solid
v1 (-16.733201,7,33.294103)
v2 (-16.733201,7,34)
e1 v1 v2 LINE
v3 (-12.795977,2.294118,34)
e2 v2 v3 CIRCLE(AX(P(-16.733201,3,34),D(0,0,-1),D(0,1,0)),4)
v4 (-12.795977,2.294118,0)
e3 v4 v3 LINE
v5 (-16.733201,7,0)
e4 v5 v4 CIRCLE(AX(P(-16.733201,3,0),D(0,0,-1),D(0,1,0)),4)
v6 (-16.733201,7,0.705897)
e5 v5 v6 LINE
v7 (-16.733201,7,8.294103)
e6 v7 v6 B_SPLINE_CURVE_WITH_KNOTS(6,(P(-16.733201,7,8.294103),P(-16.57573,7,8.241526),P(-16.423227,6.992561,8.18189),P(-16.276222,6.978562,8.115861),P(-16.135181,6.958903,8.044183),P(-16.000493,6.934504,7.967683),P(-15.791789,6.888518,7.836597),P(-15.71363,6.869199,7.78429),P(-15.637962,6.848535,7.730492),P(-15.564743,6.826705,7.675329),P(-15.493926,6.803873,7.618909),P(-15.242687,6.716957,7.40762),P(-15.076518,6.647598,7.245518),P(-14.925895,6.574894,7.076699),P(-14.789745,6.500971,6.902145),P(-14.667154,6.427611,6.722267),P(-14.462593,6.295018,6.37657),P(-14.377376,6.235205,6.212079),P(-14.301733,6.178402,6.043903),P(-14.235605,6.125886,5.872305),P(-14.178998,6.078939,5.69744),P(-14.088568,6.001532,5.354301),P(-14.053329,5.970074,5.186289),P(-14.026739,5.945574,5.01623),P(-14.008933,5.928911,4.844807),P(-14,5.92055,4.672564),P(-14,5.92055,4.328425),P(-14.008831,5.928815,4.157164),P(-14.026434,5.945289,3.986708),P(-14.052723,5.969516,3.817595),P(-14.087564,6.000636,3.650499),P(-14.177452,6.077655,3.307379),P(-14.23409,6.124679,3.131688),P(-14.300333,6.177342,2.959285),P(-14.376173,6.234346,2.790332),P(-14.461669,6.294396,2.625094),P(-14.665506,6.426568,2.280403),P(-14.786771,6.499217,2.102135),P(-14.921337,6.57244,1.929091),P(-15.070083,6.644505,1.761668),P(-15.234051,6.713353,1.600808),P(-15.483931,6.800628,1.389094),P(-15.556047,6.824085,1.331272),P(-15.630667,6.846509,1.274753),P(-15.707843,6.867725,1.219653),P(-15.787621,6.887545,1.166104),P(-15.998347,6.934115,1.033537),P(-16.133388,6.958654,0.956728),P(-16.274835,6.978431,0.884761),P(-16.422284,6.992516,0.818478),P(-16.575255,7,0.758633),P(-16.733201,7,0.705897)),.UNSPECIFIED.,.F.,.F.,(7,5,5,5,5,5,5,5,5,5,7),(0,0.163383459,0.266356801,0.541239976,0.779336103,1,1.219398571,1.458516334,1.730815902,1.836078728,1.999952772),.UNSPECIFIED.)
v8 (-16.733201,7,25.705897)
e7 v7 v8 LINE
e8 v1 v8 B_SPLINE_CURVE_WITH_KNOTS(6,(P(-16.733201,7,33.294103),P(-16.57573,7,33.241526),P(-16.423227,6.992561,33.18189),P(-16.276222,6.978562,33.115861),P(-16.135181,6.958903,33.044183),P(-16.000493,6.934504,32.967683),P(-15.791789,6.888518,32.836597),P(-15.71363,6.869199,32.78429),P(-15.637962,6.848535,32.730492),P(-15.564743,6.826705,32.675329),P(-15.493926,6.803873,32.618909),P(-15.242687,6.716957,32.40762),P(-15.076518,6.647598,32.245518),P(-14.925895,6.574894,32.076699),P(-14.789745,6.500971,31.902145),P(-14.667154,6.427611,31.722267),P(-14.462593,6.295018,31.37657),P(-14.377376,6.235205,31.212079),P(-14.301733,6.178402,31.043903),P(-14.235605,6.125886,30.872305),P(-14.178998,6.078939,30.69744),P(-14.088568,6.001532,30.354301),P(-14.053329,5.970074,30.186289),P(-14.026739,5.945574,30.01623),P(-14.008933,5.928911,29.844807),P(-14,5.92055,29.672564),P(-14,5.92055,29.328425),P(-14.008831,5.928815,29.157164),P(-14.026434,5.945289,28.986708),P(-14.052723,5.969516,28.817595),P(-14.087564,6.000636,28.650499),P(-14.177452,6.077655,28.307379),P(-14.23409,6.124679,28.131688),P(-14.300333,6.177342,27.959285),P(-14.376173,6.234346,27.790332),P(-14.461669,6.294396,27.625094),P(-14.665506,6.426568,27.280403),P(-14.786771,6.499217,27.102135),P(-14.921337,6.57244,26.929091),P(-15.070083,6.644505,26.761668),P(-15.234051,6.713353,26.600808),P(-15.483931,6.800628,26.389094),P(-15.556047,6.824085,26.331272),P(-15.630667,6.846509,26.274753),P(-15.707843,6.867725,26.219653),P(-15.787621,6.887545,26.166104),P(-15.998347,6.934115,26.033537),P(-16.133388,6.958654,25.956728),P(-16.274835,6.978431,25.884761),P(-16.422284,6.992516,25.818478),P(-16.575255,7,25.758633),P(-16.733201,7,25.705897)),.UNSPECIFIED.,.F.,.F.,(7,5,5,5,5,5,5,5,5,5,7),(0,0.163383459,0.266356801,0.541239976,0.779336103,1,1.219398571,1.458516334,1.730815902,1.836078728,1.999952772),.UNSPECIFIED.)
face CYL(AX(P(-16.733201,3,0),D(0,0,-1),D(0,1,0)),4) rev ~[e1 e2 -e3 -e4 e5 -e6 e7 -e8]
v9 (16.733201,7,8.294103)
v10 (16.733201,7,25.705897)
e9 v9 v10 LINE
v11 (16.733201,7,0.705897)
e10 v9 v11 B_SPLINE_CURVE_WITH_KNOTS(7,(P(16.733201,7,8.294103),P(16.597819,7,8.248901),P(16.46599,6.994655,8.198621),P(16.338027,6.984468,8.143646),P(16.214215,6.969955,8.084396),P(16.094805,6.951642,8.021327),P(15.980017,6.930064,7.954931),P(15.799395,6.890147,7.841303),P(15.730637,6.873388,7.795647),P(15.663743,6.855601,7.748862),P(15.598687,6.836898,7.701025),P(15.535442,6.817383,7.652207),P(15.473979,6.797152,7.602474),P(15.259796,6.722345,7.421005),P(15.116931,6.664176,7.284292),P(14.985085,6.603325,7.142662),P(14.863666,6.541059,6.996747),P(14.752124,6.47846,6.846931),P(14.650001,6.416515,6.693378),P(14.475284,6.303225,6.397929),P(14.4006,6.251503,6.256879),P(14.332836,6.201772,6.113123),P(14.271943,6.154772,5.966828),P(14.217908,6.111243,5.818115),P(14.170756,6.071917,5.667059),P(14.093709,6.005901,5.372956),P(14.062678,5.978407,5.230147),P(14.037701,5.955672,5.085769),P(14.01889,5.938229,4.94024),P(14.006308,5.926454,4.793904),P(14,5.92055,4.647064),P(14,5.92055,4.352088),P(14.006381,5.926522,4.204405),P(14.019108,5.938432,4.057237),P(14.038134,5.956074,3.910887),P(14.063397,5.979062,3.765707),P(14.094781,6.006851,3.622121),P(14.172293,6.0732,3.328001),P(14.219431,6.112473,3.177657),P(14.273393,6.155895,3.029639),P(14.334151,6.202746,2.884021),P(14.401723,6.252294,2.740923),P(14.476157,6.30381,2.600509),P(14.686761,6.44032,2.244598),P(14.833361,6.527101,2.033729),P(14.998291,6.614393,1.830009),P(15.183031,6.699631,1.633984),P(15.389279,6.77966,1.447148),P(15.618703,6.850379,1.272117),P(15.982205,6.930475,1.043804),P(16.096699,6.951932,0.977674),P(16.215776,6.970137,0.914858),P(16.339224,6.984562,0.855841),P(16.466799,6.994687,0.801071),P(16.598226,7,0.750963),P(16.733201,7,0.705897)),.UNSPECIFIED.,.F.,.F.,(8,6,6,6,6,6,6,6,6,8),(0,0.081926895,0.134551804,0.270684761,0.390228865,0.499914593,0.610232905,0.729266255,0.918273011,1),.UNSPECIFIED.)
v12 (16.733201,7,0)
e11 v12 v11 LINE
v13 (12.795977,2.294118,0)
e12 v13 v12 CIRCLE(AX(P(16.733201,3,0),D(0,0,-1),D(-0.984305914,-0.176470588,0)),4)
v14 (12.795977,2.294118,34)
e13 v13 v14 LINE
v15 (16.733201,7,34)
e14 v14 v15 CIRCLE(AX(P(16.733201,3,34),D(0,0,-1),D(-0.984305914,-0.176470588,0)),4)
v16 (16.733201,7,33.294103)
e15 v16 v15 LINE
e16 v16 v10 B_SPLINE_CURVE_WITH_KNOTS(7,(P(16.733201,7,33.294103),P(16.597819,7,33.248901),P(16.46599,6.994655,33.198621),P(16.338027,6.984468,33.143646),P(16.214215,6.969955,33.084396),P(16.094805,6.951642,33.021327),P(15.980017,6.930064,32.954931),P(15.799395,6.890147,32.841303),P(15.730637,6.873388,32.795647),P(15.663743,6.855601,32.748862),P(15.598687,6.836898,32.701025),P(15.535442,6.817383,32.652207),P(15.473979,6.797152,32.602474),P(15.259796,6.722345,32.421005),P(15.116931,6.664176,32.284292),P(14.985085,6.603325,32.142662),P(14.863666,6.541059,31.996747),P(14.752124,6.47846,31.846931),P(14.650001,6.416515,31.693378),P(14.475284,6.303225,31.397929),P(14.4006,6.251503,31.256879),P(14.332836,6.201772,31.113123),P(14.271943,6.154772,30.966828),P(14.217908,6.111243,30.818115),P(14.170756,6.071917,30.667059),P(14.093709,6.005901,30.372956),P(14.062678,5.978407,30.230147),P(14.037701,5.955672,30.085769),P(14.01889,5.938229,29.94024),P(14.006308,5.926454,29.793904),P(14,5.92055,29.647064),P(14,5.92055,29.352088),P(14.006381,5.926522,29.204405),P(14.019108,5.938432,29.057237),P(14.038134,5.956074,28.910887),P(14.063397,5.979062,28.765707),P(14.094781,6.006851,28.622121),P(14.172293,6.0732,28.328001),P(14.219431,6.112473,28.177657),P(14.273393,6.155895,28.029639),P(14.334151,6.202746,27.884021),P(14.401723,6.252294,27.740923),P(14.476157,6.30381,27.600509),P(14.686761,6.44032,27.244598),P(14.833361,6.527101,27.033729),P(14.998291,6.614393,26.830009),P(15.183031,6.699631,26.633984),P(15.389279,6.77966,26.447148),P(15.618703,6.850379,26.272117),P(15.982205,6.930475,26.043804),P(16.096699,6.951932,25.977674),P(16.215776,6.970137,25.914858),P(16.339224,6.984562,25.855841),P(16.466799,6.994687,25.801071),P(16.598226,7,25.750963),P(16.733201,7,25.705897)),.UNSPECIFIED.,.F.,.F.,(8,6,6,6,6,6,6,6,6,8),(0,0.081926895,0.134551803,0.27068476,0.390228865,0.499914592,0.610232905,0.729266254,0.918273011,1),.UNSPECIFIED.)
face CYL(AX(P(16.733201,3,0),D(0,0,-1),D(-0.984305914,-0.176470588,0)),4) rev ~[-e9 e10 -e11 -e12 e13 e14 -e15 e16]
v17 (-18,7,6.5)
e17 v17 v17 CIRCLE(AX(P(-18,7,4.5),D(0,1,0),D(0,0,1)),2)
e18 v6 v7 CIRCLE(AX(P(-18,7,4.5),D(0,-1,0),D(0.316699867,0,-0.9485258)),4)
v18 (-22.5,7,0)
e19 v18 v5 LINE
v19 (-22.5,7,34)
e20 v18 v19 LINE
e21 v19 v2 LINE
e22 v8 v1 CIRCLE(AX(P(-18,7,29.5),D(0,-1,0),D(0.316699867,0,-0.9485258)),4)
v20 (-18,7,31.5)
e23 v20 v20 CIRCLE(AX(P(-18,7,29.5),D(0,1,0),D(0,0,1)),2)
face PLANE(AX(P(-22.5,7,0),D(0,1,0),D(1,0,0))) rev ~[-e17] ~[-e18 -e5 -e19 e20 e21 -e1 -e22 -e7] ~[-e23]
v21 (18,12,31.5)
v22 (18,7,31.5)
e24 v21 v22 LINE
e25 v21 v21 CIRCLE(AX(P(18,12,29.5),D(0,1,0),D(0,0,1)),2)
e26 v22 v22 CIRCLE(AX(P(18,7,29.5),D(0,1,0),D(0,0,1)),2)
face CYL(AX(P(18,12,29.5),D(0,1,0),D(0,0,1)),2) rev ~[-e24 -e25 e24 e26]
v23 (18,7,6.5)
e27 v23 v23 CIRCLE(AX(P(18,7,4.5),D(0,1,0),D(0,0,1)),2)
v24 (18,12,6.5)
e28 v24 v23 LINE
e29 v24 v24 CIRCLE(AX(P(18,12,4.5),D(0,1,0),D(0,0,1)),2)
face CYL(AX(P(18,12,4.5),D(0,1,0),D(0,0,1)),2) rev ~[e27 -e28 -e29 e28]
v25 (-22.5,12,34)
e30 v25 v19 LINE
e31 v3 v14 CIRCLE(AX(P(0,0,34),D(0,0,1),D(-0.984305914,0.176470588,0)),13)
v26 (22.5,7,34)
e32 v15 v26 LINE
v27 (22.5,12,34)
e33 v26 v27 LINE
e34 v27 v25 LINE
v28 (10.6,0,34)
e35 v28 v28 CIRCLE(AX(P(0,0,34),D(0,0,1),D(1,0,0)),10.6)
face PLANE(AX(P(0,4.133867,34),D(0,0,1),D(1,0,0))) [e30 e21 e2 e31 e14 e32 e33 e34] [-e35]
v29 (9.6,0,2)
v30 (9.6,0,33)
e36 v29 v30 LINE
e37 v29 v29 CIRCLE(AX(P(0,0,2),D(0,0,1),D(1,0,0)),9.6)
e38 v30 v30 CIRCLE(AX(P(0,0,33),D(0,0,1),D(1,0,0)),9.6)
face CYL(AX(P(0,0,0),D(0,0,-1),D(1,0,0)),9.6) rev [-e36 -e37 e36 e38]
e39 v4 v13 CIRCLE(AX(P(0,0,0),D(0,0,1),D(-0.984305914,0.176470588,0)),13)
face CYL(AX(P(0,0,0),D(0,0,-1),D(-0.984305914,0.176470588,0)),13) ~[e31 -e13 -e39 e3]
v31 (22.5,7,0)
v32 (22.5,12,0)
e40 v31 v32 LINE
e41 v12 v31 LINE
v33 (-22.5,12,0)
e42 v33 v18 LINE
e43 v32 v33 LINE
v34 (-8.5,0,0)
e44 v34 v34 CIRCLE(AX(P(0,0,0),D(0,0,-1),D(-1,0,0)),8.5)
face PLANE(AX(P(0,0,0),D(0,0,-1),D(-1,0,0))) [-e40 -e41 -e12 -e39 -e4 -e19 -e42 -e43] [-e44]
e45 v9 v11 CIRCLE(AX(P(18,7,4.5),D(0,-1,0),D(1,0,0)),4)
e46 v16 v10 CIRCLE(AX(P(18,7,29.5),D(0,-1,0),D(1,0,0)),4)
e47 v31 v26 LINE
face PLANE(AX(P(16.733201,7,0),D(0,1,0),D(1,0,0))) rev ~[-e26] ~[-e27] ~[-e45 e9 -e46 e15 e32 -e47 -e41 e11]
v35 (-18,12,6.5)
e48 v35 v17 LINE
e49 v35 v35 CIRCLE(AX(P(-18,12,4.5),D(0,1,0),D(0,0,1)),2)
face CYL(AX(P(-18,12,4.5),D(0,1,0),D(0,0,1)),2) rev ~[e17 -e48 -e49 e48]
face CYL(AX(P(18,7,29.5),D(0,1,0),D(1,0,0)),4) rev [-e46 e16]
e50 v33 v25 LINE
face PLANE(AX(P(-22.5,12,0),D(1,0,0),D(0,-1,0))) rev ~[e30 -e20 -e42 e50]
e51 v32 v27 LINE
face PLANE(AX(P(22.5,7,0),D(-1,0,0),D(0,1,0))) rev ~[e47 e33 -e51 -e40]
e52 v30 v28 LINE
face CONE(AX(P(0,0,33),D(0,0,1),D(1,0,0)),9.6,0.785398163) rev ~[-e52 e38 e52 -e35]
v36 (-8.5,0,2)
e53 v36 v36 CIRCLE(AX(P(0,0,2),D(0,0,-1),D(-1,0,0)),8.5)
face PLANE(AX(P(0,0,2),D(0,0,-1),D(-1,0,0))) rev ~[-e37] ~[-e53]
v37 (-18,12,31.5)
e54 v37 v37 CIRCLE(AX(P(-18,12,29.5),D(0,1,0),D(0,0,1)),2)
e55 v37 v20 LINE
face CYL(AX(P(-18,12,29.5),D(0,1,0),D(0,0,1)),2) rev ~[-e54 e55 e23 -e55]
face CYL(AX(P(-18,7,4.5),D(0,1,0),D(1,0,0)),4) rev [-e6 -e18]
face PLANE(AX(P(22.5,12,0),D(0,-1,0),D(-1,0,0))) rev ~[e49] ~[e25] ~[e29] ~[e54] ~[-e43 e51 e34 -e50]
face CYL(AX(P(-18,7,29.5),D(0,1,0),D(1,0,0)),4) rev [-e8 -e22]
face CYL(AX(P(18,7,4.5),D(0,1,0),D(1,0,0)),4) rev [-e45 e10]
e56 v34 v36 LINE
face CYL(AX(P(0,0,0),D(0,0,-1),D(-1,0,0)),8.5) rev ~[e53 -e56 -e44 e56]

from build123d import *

# Parameters (mm, degrees)
SKETCH1_R           = 9.6
BOSS_EXTRUDE1_DEPTH = 34
SKETCH2_R           = 2
CUT_EXTRUDE1_DEPTH  = 34
SKETCH3_R           = 4
CUT_EXTRUDE2_DEPTH  = 34
SKETCH4_R           = 9.6
SKETCH4_R_2         = 8.5
BOSS_EXTRUDE2_DEPTH = 2
CHAMFER1_SIZE       = 1


with BuildPart() as part:
    # Sketch1 → Boss-Extrude1 (new body)
    with BuildSketch(Plane.XY):
        with BuildLine():
            Line((16.733200531, 7), (22.5, 7))
            Line((22.5, 7), (22.5, 12))
            Line((22.5, 12), (-22.5, 12))
            Line((-22.5, 12), (-22.5, 7))
            Line((-22.5, 7), (-16.733200531, 7))
            ThreePointArc((-16.733200531, 7), (-13.665340575, 5.566755792), (-12.795976876, 2.294117647))
            ThreePointArc((-12.795976876, 2.294117647), (0, -13), (12.795976876, 2.294117647))
            ThreePointArc((12.795976876, 2.294117647), (13.665340575, 5.566755792), (16.733200531, 7))
        make_face()
        Circle(SKETCH1_R, mode=Mode.SUBTRACT)
    extrude(amount=BOSS_EXTRUDE1_DEPTH)

    # Sketch2 → Cut-Extrude1 (cut)
    with BuildSketch(Plane(origin=(0, 12, 0), x_dir=(1, 0, 0), z_dir=(0, 1, 0))):
        with Locations(Location((-18, -29.5, 0), (0, 0, 270))):  # turned: the seam where the file's is
            Circle(SKETCH2_R)
        with Locations(Location((18, -29.5, 0), (0, 0, 270))):  # turned: the seam where the file's is
            Circle(SKETCH2_R)
        with Locations(Location((18, -4.5, 0), (0, 0, 270))):  # turned: the seam where the file's is
            Circle(SKETCH2_R)
        with Locations(Location((-18, -4.5, 0), (0, 0, 270))):  # turned: the seam where the file's is
            Circle(SKETCH2_R)
    extrude(amount=-CUT_EXTRUDE1_DEPTH, mode=Mode.SUBTRACT)

    # Sketch3 → Cut-Extrude2 (cut)
    with BuildSketch(Plane.XZ.offset(-7)):
        with Locations((-18, 29.5)):
            Circle(SKETCH3_R)
        with Locations((-18, 4.5)):
            Circle(SKETCH3_R)
        with Locations((18, 4.5)):
            Circle(SKETCH3_R)
        with Locations((18, 29.5)):
            Circle(SKETCH3_R)
    extrude(amount=CUT_EXTRUDE2_DEPTH, mode=Mode.SUBTRACT)

    # Sketch4 → Boss-Extrude2 (add)
    with BuildSketch(Plane(origin=(0, 0, 0), x_dir=(-1, 0, 0), z_dir=(0, 0, -1))):
        Circle(SKETCH4_R)
        Circle(SKETCH4_R_2, mode=Mode.SUBTRACT)
    extrude(amount=-BOSS_EXTRUDE2_DEPTH)

    # Chamfer1
    chamfer1_edges = [part.edges().sort_by_distance(p)[0] for p in [
        (-9.6, 0, 34),
    ]]
    chamfer(chamfer1_edges, length=CHAMFER1_SIZE)


solid = part.part
